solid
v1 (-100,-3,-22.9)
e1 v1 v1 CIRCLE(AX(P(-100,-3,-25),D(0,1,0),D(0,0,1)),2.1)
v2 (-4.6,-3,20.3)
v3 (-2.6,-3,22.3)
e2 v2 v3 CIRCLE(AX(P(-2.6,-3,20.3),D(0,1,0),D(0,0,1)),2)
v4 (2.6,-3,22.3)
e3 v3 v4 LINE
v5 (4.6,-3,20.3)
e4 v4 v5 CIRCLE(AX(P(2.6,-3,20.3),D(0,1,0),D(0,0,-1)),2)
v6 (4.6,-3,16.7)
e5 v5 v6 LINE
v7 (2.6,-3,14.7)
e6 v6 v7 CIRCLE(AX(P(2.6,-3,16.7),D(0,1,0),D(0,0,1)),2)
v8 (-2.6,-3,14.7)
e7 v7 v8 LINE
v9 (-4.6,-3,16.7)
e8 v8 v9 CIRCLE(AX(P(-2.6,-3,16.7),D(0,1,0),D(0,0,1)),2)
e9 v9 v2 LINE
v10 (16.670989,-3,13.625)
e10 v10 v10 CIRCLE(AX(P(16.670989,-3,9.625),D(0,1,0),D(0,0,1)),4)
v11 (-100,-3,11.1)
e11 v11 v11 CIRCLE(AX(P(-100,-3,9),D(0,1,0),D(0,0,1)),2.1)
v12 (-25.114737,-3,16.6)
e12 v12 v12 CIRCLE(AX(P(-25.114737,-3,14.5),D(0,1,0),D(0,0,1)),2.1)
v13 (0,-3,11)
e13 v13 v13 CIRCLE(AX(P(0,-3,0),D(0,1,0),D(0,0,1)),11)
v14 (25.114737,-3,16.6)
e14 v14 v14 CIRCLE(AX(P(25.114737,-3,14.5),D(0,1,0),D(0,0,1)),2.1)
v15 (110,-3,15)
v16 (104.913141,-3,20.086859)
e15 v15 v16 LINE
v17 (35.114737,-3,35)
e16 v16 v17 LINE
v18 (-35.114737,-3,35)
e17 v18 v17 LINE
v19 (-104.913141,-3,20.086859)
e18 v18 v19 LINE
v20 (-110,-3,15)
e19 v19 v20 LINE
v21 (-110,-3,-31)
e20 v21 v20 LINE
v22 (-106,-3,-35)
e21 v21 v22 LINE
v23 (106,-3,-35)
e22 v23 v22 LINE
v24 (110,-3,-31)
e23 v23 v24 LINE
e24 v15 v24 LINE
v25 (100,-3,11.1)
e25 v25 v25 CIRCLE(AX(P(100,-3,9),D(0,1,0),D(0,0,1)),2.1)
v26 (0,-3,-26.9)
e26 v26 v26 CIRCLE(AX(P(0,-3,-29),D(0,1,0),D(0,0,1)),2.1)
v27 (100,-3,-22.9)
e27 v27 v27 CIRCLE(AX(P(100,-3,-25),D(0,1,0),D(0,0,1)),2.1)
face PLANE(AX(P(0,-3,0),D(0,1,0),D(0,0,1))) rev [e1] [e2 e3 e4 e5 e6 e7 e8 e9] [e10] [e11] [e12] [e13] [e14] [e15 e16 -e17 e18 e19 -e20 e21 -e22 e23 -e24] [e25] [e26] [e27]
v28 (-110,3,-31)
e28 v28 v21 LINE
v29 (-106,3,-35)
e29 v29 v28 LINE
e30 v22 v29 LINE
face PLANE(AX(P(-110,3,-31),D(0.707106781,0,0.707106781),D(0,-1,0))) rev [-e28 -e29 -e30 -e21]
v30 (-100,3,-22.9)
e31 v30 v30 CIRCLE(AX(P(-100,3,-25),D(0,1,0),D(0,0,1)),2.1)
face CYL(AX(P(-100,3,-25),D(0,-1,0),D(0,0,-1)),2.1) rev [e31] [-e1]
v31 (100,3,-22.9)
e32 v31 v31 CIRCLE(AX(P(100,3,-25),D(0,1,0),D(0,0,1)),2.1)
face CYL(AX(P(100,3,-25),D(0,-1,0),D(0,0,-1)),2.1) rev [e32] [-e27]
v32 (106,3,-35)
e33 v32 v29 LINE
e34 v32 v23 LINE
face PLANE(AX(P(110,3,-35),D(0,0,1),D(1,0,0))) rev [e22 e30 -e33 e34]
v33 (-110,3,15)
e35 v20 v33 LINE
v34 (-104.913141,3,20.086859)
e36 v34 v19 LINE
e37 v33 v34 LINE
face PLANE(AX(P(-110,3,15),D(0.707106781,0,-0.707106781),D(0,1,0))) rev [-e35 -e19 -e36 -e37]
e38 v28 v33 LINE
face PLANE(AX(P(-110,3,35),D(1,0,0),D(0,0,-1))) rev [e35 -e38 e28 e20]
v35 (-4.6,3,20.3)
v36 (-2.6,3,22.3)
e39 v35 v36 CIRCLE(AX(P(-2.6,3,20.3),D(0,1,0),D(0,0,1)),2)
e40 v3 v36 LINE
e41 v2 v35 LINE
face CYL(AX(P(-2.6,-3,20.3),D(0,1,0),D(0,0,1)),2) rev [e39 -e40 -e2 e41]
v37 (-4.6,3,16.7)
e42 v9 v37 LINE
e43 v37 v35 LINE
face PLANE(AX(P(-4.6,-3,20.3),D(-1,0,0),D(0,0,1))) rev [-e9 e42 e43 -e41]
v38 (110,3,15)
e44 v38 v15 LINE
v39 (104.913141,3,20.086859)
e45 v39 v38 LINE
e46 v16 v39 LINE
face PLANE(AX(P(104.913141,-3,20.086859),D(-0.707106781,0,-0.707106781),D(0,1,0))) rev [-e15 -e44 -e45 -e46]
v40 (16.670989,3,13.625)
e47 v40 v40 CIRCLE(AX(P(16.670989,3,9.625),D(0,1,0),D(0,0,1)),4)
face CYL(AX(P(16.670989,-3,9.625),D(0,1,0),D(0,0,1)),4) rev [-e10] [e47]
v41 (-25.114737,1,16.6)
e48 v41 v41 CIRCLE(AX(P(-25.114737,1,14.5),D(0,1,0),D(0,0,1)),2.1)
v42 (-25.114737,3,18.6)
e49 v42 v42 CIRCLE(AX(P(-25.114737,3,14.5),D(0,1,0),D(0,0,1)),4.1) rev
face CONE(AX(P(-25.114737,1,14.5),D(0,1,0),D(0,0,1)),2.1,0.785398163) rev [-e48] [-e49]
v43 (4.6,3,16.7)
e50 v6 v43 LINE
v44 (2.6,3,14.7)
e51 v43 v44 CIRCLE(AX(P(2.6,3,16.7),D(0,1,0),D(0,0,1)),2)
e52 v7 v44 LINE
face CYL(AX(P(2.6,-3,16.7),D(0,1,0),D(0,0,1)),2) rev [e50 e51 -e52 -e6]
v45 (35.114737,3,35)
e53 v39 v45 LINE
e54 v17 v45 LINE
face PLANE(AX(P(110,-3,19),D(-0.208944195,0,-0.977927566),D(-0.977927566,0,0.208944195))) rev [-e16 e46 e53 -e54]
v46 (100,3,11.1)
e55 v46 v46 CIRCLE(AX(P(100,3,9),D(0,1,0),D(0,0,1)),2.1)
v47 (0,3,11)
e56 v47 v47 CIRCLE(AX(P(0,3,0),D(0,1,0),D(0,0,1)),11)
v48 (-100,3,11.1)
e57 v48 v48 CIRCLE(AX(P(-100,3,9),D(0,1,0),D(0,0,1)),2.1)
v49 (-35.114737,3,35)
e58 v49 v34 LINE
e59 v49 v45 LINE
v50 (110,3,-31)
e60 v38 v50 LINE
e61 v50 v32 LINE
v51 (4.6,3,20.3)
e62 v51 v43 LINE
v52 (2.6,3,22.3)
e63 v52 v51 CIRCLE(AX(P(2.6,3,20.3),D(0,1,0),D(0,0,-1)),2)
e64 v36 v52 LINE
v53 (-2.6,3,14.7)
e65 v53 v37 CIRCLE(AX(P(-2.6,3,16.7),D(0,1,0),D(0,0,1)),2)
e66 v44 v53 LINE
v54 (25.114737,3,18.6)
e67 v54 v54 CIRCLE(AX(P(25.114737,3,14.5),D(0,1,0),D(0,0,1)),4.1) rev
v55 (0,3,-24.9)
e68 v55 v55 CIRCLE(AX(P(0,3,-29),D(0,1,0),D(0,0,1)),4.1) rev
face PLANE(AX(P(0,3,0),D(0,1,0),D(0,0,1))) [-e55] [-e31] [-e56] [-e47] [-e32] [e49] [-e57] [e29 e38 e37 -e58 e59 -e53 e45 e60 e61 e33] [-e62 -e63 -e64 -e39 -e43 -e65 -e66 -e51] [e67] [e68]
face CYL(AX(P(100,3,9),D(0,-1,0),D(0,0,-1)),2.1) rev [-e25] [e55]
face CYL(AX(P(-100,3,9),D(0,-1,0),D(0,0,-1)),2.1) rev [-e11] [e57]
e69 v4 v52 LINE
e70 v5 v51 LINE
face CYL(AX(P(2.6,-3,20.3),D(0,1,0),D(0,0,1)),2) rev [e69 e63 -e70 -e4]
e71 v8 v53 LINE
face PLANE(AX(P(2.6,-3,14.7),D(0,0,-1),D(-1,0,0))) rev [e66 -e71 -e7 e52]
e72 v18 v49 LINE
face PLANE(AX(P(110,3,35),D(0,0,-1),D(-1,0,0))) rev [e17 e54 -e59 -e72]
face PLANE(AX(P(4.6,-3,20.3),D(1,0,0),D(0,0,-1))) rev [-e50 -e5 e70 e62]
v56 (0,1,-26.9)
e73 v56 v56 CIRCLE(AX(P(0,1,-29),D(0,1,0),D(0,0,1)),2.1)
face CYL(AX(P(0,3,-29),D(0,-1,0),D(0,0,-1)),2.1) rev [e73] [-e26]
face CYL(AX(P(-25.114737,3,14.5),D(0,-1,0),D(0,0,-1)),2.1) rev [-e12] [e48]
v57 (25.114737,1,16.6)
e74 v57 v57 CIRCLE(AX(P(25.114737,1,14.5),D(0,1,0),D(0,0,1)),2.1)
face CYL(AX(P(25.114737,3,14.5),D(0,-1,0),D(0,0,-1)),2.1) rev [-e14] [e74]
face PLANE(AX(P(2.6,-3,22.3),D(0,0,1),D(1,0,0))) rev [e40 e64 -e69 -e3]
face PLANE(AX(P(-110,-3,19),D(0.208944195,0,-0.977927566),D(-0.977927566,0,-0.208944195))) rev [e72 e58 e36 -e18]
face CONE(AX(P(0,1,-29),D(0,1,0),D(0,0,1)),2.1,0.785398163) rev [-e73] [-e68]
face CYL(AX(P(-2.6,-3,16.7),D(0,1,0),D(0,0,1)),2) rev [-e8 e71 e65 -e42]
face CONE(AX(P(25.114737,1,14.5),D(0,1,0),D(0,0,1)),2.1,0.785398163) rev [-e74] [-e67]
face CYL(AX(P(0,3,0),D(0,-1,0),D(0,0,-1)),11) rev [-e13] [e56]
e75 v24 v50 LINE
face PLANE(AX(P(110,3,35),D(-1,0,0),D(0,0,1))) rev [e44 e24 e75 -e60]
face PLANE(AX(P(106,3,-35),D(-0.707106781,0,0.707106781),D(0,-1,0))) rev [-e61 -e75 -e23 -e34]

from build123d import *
from OCP.BRepFilletAPI import BRepFilletAPI_MakeChamfer

# Parameters (mm, degrees)
SKETCH_1_W          = 220
SKETCH_1_H          = 70
SKETCH_1_R          = 2.1
SKETCH_1_R_2        = 11
EXTRUDE_1_DEPTH     = 3
SKETCH_2_R          = 4
CUT_EXTRUDE_1_DEPTH = 116.589791937
CUT_EXTRUDE_2_DEPTH = 116.589791937
CHAMFER_1_SIZE      = 2
CUT_EXTRUDE_3_DEPTH = 116.589791937
CHAMFER_3_SIZE      = 4
CHAMFER_3_SIZE2     = 5.201672953


with BuildPart() as part:
    # 草图1 → 凸台-拉伸1 (new, symmetric)
    with BuildSketch(Plane(origin=(0, 0, 0), x_dir=(1, 0, 0), z_dir=(0, 1, 0))):
        Rectangle(SKETCH_1_W, SKETCH_1_H)
        with Locations(Location((-100, 25, 0), (0, 0, 270))):
            Circle(SKETCH_1_R, mode=Mode.SUBTRACT)
        with Locations(Location((100, 25, 0), (0, 0, 270))):
            Circle(SKETCH_1_R, mode=Mode.SUBTRACT)
        with Locations(Location((0, 29, 0), (0, 0, 270))):
            Circle(SKETCH_1_R, mode=Mode.SUBTRACT)
        with Locations(Location((25.11473671, -14.5, 0), (0, 0, 270))):
            Circle(SKETCH_1_R, mode=Mode.SUBTRACT)
        with Locations(Location((-25.11473671, -14.5, 0), (0, 0, 270))):
            Circle(SKETCH_1_R, mode=Mode.SUBTRACT)
        with Locations(Location((0, 0, 0), (0, 0, 270))):
            Circle(SKETCH_1_R_2, mode=Mode.SUBTRACT)
        with Locations(Location((-100, -9, 0), (0, 0, 270))):
            Circle(SKETCH_1_R, mode=Mode.SUBTRACT)
        with Locations(Location((100, -9, 0), (0, 0, 270))):
            Circle(SKETCH_1_R, mode=Mode.SUBTRACT)
    extrude(amount=EXTRUDE_1_DEPTH, both=True)

    # 草图2 → 切除-拉伸1 (cut, through all)
    with BuildSketch(Plane(origin=(0, 3, 0), x_dir=(1, 0, 0), z_dir=(0, 1, 0))):
        with Locations(Location((16.670989023, -9.625, 0), (0, 0, 270))):
            Circle(SKETCH_2_R)
    extrude(amount=-CUT_EXTRUDE_1_DEPTH, mode=Mode.SUBTRACT)

    # 草图3 → 切除-拉伸2 (cut, through all)
    with BuildSketch(Plane(origin=(0, 3, 0), x_dir=(1, 0, 0), z_dir=(0, 1, 0))):
        with BuildLine():
            Line((4.6, -20.3), (4.6, -16.7))
            ThreePointArc((4.6, -16.7), (4.014213562, -15.285786438), (2.6, -14.7))
            Line((2.6, -14.7), (-2.6, -14.7))
            ThreePointArc((-2.6, -14.7), (-4.014213562, -15.285786438), (-4.6, -16.7))
            Line((-4.6, -16.7), (-4.6, -20.3))
            ThreePointArc((-4.6, -20.3), (-4.014213562, -21.714213562), (-2.6, -22.3))
            Line((-2.6, -22.3), (2.6, -22.3))
            ThreePointArc((2.6, -22.3), (4.014213562, -21.714213562), (4.6, -20.3))
        make_face()
    extrude(amount=-CUT_EXTRUDE_2_DEPTH, mode=Mode.SUBTRACT)

    # 倒角1
    chamfer_1_edges = [part.edges().sort_by_distance(p)[0] for p in [
        (0, 3, -31.1),
        (25.11473671, 3, 12.4),
        (-25.11473671, 3, 12.4),
    ]]
    chamfer(chamfer_1_edges, length=CHAMFER_1_SIZE)

    # 草图5 → 切除-拉伸3 (cut, through all)
    with BuildSketch(Plane(origin=(0, 3, 0), x_dir=(1, 0, 0), z_dir=(0, 1, 0))):
        Polygon((-110, -19), (-35.11473671, -35), (-110, -35), align=None)
        Polygon((35.11473671, -35), (110, -35), (110, -19), align=None)
    extrude(amount=-CUT_EXTRUDE_3_DEPTH, mode=Mode.SUBTRACT)

    # 倒角3: one chamfer whose edges measure the first distance from different faces: ONE call of the kernel's chamfer builder (chamfer() names one face for all edges)
    chamfer_3_edges_1 = [part.edges().sort_by_distance(p)[0] for p in [
        (110, 0, 19),
    ]]
    chamfer_3_side_1 = [part.faces().sort_by_distance(p)[0] for p in [
        (110, 0, -8),
    ]]
    chamfer_3_edges_2 = [part.edges().sort_by_distance(p)[0] for p in [
        (-110, 0, -35),
        (110, 0, -35),
    ]]
    chamfer_3_edges_3 = [part.edges().sort_by_distance(p)[0] for p in [
        (-110, 0, 19),
    ]]
    chamfer_3_side_3 = [part.faces().sort_by_distance(p)[0] for p in [
        (-110, 0, -8),
    ]]
    chamfer_3 = BRepFilletAPI_MakeChamfer(part.part.solid().wrapped)
    for e in chamfer_3_edges_1:
        chamfer_3.Add(CHAMFER_3_SIZE, CHAMFER_3_SIZE2, e.wrapped, chamfer_3_side_1[0].wrapped)  # the first distance lies on this face
    for e in chamfer_3_edges_2:
        chamfer_3.Add(CHAMFER_3_SIZE, e.wrapped)
    for e in chamfer_3_edges_3:
        chamfer_3.Add(CHAMFER_3_SIZE, CHAMFER_3_SIZE2, e.wrapped, chamfer_3_side_3[0].wrapped)  # the first distance lies on this face
    add(Compound.cast(chamfer_3.Shape()), mode=Mode.REPLACE)


solid = part.part
